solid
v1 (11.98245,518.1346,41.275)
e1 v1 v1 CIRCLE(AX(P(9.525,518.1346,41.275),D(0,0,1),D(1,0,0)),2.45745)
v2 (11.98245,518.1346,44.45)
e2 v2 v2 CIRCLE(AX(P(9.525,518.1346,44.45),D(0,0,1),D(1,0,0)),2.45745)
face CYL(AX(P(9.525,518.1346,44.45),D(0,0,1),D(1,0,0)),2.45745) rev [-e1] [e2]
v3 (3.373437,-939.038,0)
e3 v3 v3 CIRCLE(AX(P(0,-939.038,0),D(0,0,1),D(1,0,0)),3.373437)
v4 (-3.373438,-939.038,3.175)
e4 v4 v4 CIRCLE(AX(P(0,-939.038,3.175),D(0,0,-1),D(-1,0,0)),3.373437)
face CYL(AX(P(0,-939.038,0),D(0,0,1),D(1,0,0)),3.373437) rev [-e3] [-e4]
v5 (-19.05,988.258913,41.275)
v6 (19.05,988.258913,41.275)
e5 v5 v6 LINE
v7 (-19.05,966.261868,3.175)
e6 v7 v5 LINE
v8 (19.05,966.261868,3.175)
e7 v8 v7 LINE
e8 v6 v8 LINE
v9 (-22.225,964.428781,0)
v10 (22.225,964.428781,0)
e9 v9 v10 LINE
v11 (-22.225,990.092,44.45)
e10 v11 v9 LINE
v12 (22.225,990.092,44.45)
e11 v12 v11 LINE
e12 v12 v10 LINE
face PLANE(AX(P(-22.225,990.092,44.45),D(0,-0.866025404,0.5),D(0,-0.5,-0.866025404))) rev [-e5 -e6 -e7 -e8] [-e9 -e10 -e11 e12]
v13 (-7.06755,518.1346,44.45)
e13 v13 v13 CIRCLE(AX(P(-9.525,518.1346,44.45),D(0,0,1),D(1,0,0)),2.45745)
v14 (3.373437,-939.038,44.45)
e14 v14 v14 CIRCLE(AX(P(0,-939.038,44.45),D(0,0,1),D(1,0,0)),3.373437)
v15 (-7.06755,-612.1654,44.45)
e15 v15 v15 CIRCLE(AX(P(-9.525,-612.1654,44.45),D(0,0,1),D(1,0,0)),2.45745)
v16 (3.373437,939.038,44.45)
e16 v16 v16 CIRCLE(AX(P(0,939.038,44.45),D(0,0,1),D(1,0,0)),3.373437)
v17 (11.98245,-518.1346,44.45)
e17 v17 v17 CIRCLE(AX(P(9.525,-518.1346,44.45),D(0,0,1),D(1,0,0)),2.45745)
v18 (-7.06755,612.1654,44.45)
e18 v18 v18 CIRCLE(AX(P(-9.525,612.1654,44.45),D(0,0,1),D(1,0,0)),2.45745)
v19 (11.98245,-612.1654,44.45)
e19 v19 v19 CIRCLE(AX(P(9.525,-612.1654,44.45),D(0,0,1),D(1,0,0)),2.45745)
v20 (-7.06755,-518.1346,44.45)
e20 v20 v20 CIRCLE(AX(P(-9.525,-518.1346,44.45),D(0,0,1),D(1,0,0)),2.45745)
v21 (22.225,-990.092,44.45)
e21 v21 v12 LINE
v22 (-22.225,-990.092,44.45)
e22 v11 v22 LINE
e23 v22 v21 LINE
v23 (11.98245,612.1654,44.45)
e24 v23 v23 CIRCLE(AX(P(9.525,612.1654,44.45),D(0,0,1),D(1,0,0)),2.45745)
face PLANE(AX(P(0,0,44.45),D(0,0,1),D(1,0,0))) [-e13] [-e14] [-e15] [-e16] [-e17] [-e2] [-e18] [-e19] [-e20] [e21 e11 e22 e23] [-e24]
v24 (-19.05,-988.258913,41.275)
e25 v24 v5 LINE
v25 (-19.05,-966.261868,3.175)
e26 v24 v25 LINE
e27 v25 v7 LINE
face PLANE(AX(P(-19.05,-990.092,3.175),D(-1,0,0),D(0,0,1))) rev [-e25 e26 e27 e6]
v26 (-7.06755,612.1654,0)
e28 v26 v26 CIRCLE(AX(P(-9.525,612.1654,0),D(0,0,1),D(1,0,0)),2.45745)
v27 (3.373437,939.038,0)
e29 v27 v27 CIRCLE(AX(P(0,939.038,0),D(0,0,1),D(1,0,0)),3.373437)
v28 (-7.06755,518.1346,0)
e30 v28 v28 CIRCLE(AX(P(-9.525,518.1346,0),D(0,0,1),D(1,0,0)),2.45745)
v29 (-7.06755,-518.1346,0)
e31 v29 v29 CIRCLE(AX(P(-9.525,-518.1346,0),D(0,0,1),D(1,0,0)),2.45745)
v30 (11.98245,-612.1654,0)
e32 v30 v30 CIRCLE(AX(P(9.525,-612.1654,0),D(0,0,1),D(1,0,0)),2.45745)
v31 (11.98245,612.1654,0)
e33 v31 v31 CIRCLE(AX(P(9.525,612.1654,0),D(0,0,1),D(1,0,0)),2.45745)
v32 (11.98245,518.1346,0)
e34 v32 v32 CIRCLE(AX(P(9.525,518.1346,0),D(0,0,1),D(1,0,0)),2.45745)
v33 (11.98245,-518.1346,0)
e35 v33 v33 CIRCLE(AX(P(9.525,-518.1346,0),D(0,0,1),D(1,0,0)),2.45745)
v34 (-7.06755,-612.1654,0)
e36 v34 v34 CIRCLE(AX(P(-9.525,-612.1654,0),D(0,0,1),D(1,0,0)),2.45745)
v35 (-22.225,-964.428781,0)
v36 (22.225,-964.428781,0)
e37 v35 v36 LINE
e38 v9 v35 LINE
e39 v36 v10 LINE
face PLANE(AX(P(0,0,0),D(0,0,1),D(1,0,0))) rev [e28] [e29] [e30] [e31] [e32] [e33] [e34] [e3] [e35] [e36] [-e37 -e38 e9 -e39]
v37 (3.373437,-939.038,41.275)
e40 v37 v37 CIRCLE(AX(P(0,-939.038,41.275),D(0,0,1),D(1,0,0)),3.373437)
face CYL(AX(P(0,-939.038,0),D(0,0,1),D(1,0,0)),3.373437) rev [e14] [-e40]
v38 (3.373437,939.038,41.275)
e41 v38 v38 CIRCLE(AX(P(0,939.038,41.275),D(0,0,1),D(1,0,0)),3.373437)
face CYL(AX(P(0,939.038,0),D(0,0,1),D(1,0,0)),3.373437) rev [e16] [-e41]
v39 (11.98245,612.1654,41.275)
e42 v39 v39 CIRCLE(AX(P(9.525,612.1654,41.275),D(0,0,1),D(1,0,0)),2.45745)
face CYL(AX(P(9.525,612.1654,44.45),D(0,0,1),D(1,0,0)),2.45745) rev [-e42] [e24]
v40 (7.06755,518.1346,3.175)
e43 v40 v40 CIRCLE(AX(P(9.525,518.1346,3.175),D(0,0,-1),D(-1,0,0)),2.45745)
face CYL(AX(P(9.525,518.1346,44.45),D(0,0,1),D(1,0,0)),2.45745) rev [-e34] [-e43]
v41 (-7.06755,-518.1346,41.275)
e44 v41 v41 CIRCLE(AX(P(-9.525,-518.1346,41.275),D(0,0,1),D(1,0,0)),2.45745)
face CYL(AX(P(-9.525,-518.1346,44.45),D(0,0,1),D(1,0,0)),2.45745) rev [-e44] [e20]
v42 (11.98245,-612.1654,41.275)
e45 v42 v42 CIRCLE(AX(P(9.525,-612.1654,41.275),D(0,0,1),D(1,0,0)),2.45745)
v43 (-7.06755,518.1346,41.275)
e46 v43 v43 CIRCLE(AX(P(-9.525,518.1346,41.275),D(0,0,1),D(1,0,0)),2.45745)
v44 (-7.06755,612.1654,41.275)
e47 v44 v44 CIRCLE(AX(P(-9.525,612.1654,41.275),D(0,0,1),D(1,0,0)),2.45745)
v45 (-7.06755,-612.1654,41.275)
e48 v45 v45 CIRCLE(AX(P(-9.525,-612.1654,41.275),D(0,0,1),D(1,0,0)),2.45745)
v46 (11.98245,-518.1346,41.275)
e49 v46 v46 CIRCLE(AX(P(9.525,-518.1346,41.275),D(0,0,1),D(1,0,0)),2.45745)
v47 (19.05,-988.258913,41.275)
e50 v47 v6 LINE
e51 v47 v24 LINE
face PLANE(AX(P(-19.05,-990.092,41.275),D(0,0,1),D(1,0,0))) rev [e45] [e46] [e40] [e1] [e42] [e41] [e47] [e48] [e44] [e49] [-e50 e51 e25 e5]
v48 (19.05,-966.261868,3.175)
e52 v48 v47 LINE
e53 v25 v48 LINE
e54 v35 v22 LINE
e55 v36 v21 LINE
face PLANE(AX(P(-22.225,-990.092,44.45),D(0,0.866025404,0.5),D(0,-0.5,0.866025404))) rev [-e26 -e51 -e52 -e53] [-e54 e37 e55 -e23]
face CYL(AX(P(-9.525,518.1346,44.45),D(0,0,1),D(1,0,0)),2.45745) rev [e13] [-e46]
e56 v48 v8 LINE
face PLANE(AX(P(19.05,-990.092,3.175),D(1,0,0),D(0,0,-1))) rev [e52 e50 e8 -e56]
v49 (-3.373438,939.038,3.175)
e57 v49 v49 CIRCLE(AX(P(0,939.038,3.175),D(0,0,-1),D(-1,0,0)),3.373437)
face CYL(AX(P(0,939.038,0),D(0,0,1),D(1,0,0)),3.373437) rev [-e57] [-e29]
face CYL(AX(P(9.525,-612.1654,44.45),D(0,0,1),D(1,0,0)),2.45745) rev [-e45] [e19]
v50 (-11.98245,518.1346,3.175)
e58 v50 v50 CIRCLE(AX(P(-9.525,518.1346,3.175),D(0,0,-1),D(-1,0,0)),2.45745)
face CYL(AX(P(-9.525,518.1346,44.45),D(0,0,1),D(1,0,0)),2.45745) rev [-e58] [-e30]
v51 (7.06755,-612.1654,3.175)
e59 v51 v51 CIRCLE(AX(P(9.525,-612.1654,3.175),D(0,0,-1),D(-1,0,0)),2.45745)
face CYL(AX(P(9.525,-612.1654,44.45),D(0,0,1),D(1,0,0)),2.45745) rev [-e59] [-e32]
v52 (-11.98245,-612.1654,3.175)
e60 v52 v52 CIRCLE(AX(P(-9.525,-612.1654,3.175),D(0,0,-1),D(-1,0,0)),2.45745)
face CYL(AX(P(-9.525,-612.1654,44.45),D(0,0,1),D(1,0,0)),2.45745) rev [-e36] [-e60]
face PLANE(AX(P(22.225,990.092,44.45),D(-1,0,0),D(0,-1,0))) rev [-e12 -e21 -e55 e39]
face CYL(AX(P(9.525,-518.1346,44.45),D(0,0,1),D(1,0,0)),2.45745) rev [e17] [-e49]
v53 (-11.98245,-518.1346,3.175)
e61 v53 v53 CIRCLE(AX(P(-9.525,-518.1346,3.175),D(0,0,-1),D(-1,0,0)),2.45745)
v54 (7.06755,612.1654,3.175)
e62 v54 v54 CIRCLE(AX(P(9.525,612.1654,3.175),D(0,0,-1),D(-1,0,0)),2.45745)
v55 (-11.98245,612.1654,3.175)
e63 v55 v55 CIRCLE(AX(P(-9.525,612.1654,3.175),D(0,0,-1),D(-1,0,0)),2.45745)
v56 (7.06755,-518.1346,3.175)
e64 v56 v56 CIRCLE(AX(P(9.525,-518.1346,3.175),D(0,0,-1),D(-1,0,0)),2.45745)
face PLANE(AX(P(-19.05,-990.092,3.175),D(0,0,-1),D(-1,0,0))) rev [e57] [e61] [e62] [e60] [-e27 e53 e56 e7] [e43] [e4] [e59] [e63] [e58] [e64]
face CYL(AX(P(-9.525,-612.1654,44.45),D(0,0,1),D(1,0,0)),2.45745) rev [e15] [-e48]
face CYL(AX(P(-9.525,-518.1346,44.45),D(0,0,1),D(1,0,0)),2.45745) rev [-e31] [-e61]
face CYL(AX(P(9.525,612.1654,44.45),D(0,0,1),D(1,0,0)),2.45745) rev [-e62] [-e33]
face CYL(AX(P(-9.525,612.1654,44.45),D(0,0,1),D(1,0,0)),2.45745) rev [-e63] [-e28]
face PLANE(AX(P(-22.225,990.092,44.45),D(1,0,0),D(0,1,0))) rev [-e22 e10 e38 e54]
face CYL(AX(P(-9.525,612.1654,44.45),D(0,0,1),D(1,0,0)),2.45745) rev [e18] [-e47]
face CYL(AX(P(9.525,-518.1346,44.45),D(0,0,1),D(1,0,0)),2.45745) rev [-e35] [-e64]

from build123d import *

# Parameters (mm, degrees)
SKETCH1_W                    = 44.45
SKETCH1_H                    = 1980.184
BOSS_EXTRUDE1_DEPTH          = 44.45
SKETCH2_W                    = 38.1
SKETCH2_H                    = 38.1
CUT_EXTRUDE1_DEPTH           = 1981.807518913
CUT_EXTRUDE2_DEPTH           = 993.085567612
SKETCH13_R                   = 3.3734375
CUT_EXTRUDE7_DEPTH           = 992.338449567
F_10_0_1935_DIAMETER_HOLE1_D = 4.9149


with BuildPart() as part:
    # Sketch1 → Boss-Extrude1 (new body)
    with BuildSketch(Plane.XY):
        Rectangle(SKETCH1_W, SKETCH1_H)
    extrude(amount=BOSS_EXTRUDE1_DEPTH)

    # Sketch2 → Cut-Extrude1 (cut, through all)
    with BuildSketch(Plane(origin=(0, 990.092, 0), x_dir=(1, 0, 0), z_dir=(0, 1, 0))):
        with Locations((0, -22.225)):
            Rectangle(SKETCH2_W, SKETCH2_H)
    extrude(amount=-CUT_EXTRUDE1_DEPTH, mode=Mode.SUBTRACT)

    # Sketch3 → Cut-Extrude2 (cut, through all)
    with BuildSketch(Plane(origin=(22.225, 0, 0), x_dir=(0, 0, -1), z_dir=(1, 0, 0))):
        Polygon((-44.45, 990.092), (0, 964.428780535), (0, 990.092), align=None)
        Polygon((-44.45, -990.092), (0, -964.428780535), (0, -990.092), align=None)
    extrude(amount=-CUT_EXTRUDE2_DEPTH, mode=Mode.SUBTRACT)

    # Sketch13 → Cut-Extrude7 (cut, through all)
    with BuildSketch(Plane.XY.offset(44.45)):
        with Locations((0, 939.038)):
            Circle(SKETCH13_R)
        with Locations((0, -939.038)):
            Circle(SKETCH13_R)
    extrude(amount=-CUT_EXTRUDE7_DEPTH, mode=Mode.SUBTRACT)

    # #10 (0.1935) Diameter Hole1 (through all)
    with Locations(Plane(origin=(-9.525, -612.1654, 44.45), x_dir=(1, 0, 0), z_dir=(0, 0, 1))):
        with Locations((0, 0), (19.05, 0), (0, 94.0308), (19.05, 94.0308), (0, 1130.3), (19.05, 1130.3), (0, 1224.3308), (19.05, 1224.3308)):
            Hole(F_10_0_1935_DIAMETER_HOLE1_D / 2)


solid = part.part
